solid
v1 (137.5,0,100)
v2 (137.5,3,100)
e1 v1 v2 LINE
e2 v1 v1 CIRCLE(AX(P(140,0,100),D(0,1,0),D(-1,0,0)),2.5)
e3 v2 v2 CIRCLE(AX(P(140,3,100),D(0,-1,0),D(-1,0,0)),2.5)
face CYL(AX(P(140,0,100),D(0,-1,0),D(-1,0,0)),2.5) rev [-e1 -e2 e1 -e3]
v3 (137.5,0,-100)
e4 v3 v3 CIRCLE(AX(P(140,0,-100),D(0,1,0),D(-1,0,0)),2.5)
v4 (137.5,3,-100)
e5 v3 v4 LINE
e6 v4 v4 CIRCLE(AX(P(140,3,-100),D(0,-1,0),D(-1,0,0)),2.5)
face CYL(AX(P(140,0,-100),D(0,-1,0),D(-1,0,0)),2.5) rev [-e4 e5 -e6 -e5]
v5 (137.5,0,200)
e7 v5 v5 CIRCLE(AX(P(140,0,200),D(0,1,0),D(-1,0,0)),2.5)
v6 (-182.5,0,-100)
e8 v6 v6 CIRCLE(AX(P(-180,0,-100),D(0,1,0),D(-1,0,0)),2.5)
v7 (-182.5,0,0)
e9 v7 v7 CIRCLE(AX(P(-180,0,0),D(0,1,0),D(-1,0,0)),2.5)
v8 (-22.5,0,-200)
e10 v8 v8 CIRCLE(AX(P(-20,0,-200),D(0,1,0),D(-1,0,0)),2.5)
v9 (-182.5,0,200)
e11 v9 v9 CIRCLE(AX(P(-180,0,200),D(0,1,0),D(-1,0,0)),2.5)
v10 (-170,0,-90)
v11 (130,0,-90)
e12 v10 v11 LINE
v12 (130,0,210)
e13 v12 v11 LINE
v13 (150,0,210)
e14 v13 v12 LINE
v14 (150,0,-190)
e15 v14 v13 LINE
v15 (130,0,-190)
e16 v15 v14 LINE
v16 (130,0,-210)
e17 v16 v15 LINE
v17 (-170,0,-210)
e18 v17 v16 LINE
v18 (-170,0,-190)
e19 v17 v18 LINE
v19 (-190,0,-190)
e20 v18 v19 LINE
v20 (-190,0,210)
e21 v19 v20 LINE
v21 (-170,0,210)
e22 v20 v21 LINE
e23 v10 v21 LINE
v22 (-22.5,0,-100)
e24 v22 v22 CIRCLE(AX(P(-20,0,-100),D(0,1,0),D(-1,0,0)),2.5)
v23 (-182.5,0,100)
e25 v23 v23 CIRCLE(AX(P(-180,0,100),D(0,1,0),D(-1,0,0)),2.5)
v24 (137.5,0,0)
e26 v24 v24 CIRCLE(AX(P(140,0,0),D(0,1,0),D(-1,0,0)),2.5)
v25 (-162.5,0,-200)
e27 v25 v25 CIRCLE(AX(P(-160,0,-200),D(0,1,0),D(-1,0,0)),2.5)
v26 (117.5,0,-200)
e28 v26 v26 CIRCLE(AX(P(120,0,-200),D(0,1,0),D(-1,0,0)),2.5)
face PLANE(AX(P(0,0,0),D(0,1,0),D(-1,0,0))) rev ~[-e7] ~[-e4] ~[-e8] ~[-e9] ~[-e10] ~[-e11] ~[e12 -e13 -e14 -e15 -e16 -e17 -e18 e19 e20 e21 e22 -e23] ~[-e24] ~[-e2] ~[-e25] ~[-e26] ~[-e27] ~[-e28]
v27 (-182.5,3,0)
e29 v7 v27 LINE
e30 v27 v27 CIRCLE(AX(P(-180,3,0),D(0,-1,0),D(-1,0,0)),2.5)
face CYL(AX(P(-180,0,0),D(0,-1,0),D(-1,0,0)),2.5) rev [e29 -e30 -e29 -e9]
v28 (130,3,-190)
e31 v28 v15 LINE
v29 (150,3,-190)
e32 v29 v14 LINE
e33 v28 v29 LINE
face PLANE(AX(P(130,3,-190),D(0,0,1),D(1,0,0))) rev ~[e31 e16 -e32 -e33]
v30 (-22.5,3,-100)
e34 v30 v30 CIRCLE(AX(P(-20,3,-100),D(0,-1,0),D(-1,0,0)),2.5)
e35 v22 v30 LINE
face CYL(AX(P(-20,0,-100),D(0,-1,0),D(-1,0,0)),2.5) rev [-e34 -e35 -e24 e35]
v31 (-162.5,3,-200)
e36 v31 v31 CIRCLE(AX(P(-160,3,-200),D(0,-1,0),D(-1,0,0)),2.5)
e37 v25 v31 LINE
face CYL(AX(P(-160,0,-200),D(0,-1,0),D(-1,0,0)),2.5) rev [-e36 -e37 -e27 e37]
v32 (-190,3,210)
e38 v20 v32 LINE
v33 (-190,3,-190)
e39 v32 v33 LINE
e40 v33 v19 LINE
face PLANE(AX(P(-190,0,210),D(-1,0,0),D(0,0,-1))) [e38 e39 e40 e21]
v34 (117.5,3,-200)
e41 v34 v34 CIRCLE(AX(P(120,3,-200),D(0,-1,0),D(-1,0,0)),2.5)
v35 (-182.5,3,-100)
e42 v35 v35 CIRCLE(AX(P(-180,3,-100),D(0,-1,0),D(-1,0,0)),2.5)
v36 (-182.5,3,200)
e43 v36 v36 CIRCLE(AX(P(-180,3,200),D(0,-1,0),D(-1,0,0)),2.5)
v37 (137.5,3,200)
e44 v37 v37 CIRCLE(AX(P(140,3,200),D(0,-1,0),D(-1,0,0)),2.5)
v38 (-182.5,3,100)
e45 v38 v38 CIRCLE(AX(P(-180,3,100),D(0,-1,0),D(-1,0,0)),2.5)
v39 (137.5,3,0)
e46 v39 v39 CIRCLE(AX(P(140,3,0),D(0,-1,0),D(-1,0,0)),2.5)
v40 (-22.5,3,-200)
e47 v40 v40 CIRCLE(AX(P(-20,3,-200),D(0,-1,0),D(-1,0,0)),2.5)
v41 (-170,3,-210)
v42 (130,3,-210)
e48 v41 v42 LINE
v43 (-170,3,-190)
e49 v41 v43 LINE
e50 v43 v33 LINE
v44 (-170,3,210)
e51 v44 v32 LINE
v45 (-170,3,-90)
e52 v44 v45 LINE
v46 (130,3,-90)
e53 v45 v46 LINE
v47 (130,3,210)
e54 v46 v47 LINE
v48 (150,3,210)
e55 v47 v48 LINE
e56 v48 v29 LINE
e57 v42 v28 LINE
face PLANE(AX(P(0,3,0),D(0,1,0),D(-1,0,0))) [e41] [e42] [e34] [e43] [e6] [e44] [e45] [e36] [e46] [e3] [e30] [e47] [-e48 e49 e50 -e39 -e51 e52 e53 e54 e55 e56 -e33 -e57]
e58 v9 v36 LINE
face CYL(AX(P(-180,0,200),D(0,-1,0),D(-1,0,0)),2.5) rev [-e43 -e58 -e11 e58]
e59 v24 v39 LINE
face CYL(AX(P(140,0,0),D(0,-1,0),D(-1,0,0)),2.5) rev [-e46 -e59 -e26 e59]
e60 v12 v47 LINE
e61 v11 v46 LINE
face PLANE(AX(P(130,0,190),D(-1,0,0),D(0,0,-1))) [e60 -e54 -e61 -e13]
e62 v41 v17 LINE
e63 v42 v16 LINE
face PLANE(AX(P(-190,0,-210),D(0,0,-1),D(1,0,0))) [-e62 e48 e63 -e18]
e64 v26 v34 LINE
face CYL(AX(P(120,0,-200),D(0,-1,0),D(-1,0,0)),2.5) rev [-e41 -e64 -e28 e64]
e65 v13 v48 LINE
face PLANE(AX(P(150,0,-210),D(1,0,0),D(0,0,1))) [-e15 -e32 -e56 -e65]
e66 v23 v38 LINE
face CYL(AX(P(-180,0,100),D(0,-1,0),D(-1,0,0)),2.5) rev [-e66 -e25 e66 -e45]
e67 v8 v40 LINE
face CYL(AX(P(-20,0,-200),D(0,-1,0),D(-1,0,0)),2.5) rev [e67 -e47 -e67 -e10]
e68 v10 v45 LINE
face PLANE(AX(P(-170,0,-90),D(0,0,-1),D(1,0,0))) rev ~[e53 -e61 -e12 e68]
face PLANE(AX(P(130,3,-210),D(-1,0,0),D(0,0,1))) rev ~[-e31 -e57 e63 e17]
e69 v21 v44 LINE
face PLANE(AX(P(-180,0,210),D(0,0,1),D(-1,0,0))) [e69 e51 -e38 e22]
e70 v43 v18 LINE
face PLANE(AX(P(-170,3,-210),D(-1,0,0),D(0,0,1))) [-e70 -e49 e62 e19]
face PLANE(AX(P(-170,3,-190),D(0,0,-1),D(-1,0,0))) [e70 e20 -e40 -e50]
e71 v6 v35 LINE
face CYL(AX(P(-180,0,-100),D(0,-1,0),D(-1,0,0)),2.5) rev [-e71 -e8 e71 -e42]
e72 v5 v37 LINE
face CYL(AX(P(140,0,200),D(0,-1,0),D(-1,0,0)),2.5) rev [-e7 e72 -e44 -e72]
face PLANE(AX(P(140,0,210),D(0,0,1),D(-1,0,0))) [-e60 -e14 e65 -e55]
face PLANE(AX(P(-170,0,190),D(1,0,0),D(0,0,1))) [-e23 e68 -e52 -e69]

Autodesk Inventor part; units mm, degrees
ref_plane "YZ Plane" through (0, 0, 0) normal (1, 0, 0) x (0, 1, 0)
ref_plane "XZ Plane" through (0, 0, 0) normal (0, 1, 0) x (-1, 0, 0)
ref_plane "XY Plane" through (0, 0, 0) normal (0, 0, 1) x (1, 0, 0)
sketch "Sketch1" plane through (0, 0, 0) normal (0, 1, 0) x (-1, 0, 0)
  line L0 (190, 210) -> (190, -210)
  line L1 (190, -210) -> (-150, -210)
  line L2 (-150, -210) -> (-150, 210)
  line L3 (-130, -190) -> (170, -190)
  line L4 (170, -190) -> (170, 190)
  line L5 (-130, 190) -> (-130, -190)
  line L6 (-140, -200) -> (180, -200)
  line L7 (180, -200) -> (180, 200)
  line L8 (-140, 200) -> (-140, -200)
  line L9 (190, -210) -> (190, -90)
  line L10 (190, -90) -> (-150, -90)
  line L11 (170, 190) -> (170, 210)
  line L12 (180, 200) -> (180, 210)
  line L13 (-130, 190) -> (-130, 210)
  line L14 (-140, 200) -> (-140, 210)
  line L15 (-150, 210) -> (-130, 210)
  line L16 (170, 210) -> (190, 210)
  line L17 (190, -90) -> (190, -100)
  line L18 (190, -100) -> (-150, -100)
  line L19 (190, -100) -> (190, -110)
  line L20 (190, -110) -> (-150, -110)
  circle A0 centre (180, 200) radius 2.5
  circle A1 centre (-140, 200) radius 2.5
  circle A2 centre (180, -100) radius 2.5
  circle A3 centre (-140, -100) radius 2.5
  circle A4 centre (20, -100) radius 2.5
  circle A5 centre (180, 100) radius 2.5
  circle A6 centre (180, 0) radius 2.5
  line L21 (0, 0) -> (0, 25.5231)
  circle A7 centre (20, -200) radius 2.5
  circle A8 centre (160, -200) radius 2.5
  line L22 (-140, -200) -> (-120, -200)
  circle A9 centre (-120, -200) radius 2.5
  circle A10 centre (-140, 0) radius 2.5
  circle A11 centre (-140, 100) radius 2.5
  point P0 (170, -90)
  point P1 (-130, -90)
  dimension "d0" = 340
  dimension "d1" = 420
  dimension "d2" = 20
  dimension "d3" = 10
  dimension "d4" = 120
  dimension "d5" = 10
  dimension "d6" = 10
  dimension "d7" = 5
  dimension "d8" = 5
  dimension "d9" = 5
  dimension "d10" = 5
  dimension "d11" = 5
  dimension "d12" = 5
  dimension "d13" = 5
  dimension "d14" = 5
  dimension "d15" = 5
  dimension "d25" = 320
  dimension "d26" = 300
  dimension "d27" = 20
  dimension "d28" = 5
  dimension "d29" = 5
  dimension "d30" = 5
extrude "Extrusion1" add sketch "Sketch1" along normal blind 3 contours L0 L10 L7 A6 A5 A0 L12 L16 | L0 L18 A2 L7 L10 | L12 A0 L7 A5 A6 L10 L4 L11 L16 | L0 L20 L7 A2 L18 | L7 A2 L18 L4 L10 | L0 L1 L2 L20 L8 L6 A9 A7 A8 L7 | L4 L18 A4 L5 L10 | L20 L4 L18 A2 L7 | L7 L6 A8 A7 A9 L8 L20 L5 L3 L4 | L4 L20 L5 L18 A4 | L10 L8 A10 A11 A1 L14 L15 L13 L5 | L5 L18 A3 L8 L10 | L4 L3 L5 L20 | L5 L20 L8 A3 L18 | L10 L2 L15 L14 A1 L8 A11 A10 | L8 A3 L18 L2 L10 | L2 L18 A3 L8 L20 | A10 L8 | L8 A10 | A11 L8 | L8 A11 | A9 L6 | L6 A9
sketch "Sketch2" plane through (0, 3, 0) normal (0, 1, 0) x (1, 0, 0)
  line L0 (130, 90) -> (130, -210) projected
  line L1 (130, -210) -> (150, -210) projected
  line L2 (150, -210) -> (150, 210) projected
  line L3 (150, 210) -> (-190, 210) projected
  line L4 (-190, 210) -> (-190, -210) projected
  line L5 (-190, -210) -> (-170, -210) projected
  line L6 (-170, -210) -> (-170, 90) projected
  line L7 (-170, 90) -> (130, 90) projected
  circle A0 centre (-180, -200) radius 2.5 projected
  circle A1 centre (-180, -100) radius 2.5 projected
  circle A2 centre (-180, 0) radius 2.5 projected
  circle A3 centre (140, 100) radius 2.5 projected
  circle A4 centre (140, -200) radius 2.5 projected
  circle A5 centre (-20, 100) radius 2.5 projected
  circle A6 centre (-20, 200) radius 2.5 projected
  circle A7 centre (-160, 200) radius 2.5 projected
  circle A8 centre (-180, 100) radius 2.5 projected
  line L8 (-190, 210) -> (-170, 210)
  line L9 (-170, 210) -> (-170, 190)
  line L10 (-170, 190) -> (-190, 190)
  line L11 (-190, 190) -> (-190, 210)
  line L12 (150, 210) -> (130, 210)
  line L13 (130, 210) -> (130, 190)
  line L14 (130, 190) -> (150, 190)
  line L15 (150, 190) -> (150, 210)
  point P0 (0, 0)
  point P1 (150, 190)
  dimension "d19" = 20
  dimension "d20" = 20
  dimension "d21" = 20
  dimension "d22" = 20
extrude "Extrusion2" cut sketch "Sketch2" against normal blind 3 contours L14 L13 L3 L2 | L4 L3 L9 L10
extrude "Extrusion3" cut sketch "Sketch1" along normal blind 10 contours A10 L8 | L8 A10 | A11 L8 | L8 A11 | A9 L6 | L6 A9
properties part number "CaraMedia"
